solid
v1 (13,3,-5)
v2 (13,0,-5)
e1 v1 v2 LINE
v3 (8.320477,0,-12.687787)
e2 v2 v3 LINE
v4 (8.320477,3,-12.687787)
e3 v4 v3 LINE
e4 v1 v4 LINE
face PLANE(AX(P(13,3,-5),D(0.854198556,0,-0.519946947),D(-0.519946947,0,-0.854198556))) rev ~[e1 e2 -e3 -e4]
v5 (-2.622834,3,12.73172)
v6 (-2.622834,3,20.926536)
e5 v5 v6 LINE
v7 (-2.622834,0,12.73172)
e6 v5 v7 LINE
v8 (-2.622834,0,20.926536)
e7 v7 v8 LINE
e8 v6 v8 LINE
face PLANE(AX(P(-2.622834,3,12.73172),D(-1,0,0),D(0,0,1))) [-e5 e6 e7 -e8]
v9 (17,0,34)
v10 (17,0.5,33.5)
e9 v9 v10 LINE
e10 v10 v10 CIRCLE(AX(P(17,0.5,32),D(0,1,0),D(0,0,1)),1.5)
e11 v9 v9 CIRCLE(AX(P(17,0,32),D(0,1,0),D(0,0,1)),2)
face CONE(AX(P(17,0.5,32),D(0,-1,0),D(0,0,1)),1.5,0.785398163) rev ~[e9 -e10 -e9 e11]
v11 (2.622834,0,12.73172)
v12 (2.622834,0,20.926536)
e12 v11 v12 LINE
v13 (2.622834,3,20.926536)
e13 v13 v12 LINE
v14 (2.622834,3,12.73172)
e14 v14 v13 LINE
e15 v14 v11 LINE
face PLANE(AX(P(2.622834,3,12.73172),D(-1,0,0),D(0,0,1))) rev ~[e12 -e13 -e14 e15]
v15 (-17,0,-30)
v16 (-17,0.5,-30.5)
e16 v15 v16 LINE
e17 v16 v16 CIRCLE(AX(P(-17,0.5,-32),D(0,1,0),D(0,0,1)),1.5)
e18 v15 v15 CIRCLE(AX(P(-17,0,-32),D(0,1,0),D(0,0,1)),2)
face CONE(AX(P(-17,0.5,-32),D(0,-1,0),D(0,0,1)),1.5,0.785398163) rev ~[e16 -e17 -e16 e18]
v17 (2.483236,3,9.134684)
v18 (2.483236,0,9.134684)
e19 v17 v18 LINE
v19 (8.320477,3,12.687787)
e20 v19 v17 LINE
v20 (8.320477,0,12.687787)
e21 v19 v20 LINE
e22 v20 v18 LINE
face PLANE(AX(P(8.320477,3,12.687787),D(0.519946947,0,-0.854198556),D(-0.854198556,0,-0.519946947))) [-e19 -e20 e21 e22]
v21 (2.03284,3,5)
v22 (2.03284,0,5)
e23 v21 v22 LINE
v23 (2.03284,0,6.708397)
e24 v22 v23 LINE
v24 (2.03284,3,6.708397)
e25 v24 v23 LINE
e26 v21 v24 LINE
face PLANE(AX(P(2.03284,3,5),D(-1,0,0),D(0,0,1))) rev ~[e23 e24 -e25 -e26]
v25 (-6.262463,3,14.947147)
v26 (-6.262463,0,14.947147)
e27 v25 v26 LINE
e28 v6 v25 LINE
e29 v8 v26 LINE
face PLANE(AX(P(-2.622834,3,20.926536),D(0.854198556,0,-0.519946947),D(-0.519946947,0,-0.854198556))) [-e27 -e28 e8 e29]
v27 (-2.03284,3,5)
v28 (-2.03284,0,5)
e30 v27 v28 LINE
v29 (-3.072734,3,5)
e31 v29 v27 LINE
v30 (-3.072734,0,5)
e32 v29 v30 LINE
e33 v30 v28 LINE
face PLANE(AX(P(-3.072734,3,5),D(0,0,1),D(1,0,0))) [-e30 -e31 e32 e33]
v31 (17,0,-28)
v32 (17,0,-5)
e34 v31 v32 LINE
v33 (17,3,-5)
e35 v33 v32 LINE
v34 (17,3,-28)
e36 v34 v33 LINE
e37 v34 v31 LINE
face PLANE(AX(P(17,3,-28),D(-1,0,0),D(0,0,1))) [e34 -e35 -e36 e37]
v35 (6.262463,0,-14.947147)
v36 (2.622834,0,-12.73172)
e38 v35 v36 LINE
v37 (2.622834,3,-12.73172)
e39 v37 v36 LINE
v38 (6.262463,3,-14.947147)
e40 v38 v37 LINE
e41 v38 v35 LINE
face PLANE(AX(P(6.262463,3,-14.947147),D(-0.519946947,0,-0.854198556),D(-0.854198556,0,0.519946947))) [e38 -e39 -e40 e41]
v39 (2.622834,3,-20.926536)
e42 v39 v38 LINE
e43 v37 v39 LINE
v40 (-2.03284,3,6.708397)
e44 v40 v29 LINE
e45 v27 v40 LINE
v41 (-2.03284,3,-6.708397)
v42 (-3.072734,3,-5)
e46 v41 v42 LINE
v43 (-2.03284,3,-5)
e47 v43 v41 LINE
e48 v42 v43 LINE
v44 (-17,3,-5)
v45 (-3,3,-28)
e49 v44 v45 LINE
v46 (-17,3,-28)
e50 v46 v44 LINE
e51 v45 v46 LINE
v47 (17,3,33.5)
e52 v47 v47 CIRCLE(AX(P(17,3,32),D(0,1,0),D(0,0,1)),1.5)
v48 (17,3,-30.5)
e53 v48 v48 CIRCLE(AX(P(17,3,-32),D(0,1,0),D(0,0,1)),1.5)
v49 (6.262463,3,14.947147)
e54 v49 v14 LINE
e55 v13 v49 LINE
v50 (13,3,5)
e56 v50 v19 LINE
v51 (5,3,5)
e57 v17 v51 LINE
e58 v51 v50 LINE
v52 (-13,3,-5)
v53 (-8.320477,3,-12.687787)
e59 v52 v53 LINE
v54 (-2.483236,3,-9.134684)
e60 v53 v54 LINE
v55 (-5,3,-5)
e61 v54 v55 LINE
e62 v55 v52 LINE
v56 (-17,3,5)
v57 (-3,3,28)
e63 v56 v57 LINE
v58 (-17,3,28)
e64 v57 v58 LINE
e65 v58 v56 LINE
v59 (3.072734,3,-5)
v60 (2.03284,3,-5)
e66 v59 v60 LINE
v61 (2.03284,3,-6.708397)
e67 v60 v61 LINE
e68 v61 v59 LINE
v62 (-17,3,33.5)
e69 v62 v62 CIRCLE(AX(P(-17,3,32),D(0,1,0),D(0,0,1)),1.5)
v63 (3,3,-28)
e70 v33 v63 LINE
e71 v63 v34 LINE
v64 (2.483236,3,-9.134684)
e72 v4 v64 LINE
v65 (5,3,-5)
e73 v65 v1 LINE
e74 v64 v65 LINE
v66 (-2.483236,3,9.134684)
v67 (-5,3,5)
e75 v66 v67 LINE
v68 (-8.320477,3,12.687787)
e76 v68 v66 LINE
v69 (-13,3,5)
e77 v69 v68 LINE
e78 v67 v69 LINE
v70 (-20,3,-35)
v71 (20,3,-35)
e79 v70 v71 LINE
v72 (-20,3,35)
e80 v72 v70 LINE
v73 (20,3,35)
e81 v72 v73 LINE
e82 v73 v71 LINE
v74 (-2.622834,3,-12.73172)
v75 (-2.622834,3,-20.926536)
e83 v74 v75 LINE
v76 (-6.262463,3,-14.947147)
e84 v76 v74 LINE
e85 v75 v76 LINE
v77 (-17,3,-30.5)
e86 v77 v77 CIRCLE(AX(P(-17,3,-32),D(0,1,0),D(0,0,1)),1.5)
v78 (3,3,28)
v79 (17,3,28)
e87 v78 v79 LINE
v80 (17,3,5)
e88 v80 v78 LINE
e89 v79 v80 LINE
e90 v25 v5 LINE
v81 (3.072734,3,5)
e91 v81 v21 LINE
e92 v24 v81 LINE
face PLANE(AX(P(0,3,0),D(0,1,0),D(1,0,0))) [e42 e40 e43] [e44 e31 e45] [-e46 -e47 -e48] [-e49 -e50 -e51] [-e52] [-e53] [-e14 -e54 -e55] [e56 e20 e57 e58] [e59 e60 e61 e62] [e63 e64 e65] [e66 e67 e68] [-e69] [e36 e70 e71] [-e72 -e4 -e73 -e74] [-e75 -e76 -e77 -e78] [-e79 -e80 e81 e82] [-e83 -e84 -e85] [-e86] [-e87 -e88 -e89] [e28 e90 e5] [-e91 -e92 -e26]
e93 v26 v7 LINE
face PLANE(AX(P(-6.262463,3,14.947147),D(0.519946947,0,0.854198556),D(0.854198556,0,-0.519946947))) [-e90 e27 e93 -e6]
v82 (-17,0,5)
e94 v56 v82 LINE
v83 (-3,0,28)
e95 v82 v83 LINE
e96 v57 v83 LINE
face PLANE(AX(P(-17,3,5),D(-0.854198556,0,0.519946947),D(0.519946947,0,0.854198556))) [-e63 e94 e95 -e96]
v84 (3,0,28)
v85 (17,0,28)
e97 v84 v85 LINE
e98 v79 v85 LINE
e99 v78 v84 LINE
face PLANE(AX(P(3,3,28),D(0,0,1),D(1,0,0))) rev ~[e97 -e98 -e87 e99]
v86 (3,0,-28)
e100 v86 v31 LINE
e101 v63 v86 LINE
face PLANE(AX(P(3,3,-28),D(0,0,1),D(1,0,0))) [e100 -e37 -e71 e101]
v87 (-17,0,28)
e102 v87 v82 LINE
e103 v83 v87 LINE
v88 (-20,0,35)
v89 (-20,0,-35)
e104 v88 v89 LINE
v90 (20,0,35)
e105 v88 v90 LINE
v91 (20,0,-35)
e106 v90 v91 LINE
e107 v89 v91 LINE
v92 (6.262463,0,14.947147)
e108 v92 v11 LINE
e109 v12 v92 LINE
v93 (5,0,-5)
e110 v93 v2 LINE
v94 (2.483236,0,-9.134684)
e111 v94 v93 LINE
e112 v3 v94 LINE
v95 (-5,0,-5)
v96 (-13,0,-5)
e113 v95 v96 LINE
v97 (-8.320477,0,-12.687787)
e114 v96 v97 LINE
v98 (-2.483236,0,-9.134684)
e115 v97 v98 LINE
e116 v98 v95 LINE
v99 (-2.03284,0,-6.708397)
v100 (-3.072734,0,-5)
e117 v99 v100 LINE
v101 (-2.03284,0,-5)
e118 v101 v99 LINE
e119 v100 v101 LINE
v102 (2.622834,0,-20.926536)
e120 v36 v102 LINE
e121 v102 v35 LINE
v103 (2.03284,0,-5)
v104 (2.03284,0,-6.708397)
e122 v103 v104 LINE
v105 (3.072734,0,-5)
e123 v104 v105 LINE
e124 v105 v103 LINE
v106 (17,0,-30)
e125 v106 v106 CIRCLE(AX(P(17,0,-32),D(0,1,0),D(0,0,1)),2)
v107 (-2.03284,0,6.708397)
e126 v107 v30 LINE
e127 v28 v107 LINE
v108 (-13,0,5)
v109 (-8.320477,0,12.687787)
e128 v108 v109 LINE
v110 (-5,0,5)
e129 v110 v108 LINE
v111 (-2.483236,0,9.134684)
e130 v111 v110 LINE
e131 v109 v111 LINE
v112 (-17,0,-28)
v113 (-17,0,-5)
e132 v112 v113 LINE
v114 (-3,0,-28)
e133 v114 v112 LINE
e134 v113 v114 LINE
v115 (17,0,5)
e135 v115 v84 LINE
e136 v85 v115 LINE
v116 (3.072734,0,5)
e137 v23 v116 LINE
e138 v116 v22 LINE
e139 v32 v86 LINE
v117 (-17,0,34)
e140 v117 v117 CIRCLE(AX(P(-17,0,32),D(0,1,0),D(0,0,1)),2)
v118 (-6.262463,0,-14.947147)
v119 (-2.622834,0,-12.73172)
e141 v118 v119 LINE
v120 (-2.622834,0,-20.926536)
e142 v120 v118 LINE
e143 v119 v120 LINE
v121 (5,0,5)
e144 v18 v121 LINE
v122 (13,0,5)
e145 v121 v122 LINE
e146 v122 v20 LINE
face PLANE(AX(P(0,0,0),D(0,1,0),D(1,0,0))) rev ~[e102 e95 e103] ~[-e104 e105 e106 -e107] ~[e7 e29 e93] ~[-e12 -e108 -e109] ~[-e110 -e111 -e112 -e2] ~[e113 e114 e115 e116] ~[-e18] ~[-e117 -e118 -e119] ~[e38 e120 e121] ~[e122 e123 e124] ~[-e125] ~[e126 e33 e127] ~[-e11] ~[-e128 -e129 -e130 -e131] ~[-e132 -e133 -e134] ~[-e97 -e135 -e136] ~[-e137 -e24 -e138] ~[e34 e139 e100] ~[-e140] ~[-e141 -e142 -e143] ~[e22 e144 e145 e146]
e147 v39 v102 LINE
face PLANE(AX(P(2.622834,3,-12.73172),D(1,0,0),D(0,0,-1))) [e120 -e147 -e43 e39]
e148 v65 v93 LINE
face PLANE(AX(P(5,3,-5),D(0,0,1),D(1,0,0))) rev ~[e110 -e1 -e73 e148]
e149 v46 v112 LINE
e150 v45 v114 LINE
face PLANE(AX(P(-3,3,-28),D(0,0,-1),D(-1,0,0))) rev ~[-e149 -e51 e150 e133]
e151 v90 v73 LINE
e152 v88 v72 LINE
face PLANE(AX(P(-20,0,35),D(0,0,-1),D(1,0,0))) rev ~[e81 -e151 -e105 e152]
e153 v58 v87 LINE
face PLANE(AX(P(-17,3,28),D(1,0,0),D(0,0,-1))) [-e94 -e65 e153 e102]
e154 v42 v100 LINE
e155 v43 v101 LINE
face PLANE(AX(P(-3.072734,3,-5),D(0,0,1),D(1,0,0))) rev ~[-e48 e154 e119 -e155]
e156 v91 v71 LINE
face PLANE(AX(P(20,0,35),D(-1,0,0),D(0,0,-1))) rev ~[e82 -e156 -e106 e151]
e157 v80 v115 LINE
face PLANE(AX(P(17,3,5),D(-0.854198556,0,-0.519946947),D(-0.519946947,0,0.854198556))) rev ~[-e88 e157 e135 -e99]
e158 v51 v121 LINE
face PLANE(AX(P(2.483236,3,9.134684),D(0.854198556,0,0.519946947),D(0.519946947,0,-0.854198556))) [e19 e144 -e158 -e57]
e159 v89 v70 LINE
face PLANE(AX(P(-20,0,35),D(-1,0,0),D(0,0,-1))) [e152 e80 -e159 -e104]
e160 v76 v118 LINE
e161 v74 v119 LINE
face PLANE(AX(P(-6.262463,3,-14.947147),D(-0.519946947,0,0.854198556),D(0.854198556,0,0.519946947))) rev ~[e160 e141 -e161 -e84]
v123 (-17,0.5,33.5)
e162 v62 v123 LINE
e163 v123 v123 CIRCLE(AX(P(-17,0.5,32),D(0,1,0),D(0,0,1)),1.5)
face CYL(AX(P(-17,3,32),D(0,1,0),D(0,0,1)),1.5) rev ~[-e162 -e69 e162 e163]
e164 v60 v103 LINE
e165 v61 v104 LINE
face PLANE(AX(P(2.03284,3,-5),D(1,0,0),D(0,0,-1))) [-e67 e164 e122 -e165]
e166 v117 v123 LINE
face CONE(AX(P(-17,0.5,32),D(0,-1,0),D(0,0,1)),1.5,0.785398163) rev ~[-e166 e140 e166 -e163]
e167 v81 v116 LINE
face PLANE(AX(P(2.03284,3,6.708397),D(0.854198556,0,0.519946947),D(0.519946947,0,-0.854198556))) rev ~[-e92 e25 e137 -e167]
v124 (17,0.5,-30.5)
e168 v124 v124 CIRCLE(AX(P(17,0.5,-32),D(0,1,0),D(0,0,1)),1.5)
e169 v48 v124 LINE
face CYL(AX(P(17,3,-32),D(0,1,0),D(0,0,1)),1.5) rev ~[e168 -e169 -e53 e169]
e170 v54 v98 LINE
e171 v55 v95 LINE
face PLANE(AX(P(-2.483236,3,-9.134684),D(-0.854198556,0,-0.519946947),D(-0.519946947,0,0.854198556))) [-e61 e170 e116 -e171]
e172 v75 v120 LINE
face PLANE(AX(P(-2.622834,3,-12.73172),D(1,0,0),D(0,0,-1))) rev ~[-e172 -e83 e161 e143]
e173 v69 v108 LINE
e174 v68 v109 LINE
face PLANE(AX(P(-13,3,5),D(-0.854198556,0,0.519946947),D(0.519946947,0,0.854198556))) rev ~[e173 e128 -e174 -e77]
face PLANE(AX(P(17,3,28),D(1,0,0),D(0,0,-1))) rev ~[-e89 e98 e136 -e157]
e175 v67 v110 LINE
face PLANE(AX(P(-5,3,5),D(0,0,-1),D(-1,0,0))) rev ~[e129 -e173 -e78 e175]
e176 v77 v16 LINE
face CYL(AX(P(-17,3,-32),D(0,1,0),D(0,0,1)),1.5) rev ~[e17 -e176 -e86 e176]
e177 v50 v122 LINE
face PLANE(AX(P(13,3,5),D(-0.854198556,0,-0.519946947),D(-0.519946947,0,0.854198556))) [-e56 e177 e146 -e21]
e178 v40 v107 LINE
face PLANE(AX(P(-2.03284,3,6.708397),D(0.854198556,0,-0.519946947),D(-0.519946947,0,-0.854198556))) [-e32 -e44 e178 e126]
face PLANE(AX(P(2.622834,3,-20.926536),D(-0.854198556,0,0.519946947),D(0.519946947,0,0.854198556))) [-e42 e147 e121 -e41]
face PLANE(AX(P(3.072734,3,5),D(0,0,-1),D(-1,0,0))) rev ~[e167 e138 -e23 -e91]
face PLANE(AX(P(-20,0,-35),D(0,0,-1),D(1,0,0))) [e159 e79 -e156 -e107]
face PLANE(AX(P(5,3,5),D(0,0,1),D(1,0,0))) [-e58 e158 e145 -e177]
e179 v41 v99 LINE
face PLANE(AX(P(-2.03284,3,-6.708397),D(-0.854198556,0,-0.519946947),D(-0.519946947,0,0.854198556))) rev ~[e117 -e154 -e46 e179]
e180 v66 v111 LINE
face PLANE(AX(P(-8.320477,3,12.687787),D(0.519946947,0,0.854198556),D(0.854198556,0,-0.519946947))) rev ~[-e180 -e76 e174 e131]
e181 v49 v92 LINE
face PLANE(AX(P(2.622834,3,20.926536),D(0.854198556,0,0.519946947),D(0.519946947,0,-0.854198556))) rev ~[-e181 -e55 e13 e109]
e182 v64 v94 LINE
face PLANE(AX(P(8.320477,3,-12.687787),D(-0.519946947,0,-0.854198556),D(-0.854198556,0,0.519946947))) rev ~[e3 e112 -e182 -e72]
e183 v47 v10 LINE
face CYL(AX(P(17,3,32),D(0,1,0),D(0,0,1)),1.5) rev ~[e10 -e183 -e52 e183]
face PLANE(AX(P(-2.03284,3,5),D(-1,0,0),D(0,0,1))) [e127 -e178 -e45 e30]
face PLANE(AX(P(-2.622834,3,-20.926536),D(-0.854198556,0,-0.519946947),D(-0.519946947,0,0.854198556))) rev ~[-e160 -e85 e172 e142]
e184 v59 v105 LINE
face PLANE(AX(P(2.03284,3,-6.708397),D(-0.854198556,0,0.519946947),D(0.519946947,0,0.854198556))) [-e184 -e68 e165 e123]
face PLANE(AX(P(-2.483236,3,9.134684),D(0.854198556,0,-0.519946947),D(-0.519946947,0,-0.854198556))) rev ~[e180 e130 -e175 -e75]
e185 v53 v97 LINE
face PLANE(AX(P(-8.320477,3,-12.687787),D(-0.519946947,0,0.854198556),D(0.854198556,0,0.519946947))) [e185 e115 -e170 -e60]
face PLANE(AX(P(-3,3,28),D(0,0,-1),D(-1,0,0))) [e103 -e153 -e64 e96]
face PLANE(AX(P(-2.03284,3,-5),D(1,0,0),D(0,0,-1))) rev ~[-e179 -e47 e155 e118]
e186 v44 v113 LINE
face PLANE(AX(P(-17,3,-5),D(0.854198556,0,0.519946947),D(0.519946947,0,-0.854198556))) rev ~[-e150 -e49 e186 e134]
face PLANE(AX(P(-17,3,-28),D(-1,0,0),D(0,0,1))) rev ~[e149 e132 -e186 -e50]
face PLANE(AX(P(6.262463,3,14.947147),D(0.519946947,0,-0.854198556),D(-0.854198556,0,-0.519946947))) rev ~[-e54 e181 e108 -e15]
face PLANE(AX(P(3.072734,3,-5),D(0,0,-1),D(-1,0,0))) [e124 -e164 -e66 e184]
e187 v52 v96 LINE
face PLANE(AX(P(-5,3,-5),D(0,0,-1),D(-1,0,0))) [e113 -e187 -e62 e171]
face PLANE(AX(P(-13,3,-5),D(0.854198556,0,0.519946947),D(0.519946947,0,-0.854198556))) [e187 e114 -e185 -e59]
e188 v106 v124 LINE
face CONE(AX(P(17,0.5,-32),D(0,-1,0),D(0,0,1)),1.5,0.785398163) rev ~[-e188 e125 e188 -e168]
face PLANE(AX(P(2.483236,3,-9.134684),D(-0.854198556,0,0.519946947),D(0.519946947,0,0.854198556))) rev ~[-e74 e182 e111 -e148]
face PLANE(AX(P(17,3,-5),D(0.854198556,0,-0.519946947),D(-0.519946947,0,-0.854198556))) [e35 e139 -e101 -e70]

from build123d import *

# Parameters (mm, degrees)
SKETCH_1_W          = 40
SKETCH_1_H          = 70
EXTRUDE_1_DEPTH     = 3
SKETCH_2_R          = 1.5
CUT_EXTRUDE_1_DEPTH = 3
CHAMFER_1_SIZE      = 0.5
CUT_EXTRUDE_2_DEPTH = 3


with BuildPart() as part:
    # 草图1 → 凸台-拉伸1 (new body)
    with BuildSketch(Plane(origin=(0, 0, 0), x_dir=(1, 0, 0), z_dir=(0, 1, 0))):
        Rectangle(SKETCH_1_W, SKETCH_1_H)
    extrude(amount=EXTRUDE_1_DEPTH)

    # 草图2 → 切除-拉伸1 (cut)
    with BuildSketch(Plane(origin=(0, 3, 0), x_dir=(1, 0, 0), z_dir=(0, 1, 0))):
        with Locations(Location((-17, 32, 0), (0, 0, 270))):
            Circle(SKETCH_2_R)
        with Locations(Location((-17, -32, 0), (0, 0, 270))):
            Circle(SKETCH_2_R)
        with Locations(Location((17, 32, 0), (0, 0, 270))):
            Circle(SKETCH_2_R)
        with Locations(Location((17, -32, 0), (0, 0, 270))):
            Circle(SKETCH_2_R)
    extrude(amount=-CUT_EXTRUDE_1_DEPTH, mode=Mode.SUBTRACT)

    # 倒角1
    chamfer_1_edges = [part.edges().sort_by_distance(p)[0] for p in [
        (-17, 0, 30.5),
        (17, 0, -33.5),
        (17, 0, 30.5),
        (-17, 0, -33.5),
    ]]
    chamfer(chamfer_1_edges, length=CHAMFER_1_SIZE)

    # 草图3 → 切除-拉伸2 (cut)
    with BuildSketch(Plane(origin=(0, 3, 0), x_dir=(1, 0, 0), z_dir=(0, 1, 0))):
        Polygon((-17, 28), (-17, 5), (-3, 28), align=None)
        Polygon((-2.622834476, 20.926536493), (-6.262463104, 14.947146604), (-2.622834476, 12.731720482), align=None)
        Polygon((-8.320477478, 12.687787001), (-2.483236099, 9.134683552), (-5, 5), (-13, 5), align=None)
        Polygon((-2.032840116, 6.708397111), (-3.07273401, 5), (-2.032840116, 5), align=None)
        Polygon((3.07273401, 5), (2.032840116, 5), (2.032840116, 6.708397111), align=None)
        Polygon((5, 5), (13, 5), (8.320477478, 12.687787001), (2.483236099, 9.134683552), align=None)
        Polygon((6.262463104, 14.947146604), (2.622834476, 12.731720482), (2.622834476, 20.926536493), align=None)
        Polygon((17, 5), (3, 28), (17, 28), align=None)
        Polygon((2.032840116, -6.708397111), (3.07273401, -5), (2.032840116, -5), align=None)
        Polygon((-3.07273401, -5), (-2.032840116, -5), (-2.032840116, -6.708397111), align=None)
        Polygon((2.483236099, -9.134683552), (5, -5), (13, -5), (8.320477478, -12.687787001), align=None)
        Polygon((-5, -5), (-13, -5), (-8.320477478, -12.687787001), (-2.483236099, -9.134683552), align=None)
        Polygon((-6.262463104, -14.947146604), (-2.622834476, -12.731720482), (-2.622834476, -20.926536493), align=None)
        Polygon((2.622834476, -20.926536493), (6.262463104, -14.947146604), (2.622834476, -12.731720482), align=None)
        Polygon((17, -28), (17, -5), (3, -28), align=None)
        Polygon((-17, -5), (-3, -28), (-17, -28), align=None)
    extrude(amount=-CUT_EXTRUDE_2_DEPTH, mode=Mode.SUBTRACT)


solid = part.part
